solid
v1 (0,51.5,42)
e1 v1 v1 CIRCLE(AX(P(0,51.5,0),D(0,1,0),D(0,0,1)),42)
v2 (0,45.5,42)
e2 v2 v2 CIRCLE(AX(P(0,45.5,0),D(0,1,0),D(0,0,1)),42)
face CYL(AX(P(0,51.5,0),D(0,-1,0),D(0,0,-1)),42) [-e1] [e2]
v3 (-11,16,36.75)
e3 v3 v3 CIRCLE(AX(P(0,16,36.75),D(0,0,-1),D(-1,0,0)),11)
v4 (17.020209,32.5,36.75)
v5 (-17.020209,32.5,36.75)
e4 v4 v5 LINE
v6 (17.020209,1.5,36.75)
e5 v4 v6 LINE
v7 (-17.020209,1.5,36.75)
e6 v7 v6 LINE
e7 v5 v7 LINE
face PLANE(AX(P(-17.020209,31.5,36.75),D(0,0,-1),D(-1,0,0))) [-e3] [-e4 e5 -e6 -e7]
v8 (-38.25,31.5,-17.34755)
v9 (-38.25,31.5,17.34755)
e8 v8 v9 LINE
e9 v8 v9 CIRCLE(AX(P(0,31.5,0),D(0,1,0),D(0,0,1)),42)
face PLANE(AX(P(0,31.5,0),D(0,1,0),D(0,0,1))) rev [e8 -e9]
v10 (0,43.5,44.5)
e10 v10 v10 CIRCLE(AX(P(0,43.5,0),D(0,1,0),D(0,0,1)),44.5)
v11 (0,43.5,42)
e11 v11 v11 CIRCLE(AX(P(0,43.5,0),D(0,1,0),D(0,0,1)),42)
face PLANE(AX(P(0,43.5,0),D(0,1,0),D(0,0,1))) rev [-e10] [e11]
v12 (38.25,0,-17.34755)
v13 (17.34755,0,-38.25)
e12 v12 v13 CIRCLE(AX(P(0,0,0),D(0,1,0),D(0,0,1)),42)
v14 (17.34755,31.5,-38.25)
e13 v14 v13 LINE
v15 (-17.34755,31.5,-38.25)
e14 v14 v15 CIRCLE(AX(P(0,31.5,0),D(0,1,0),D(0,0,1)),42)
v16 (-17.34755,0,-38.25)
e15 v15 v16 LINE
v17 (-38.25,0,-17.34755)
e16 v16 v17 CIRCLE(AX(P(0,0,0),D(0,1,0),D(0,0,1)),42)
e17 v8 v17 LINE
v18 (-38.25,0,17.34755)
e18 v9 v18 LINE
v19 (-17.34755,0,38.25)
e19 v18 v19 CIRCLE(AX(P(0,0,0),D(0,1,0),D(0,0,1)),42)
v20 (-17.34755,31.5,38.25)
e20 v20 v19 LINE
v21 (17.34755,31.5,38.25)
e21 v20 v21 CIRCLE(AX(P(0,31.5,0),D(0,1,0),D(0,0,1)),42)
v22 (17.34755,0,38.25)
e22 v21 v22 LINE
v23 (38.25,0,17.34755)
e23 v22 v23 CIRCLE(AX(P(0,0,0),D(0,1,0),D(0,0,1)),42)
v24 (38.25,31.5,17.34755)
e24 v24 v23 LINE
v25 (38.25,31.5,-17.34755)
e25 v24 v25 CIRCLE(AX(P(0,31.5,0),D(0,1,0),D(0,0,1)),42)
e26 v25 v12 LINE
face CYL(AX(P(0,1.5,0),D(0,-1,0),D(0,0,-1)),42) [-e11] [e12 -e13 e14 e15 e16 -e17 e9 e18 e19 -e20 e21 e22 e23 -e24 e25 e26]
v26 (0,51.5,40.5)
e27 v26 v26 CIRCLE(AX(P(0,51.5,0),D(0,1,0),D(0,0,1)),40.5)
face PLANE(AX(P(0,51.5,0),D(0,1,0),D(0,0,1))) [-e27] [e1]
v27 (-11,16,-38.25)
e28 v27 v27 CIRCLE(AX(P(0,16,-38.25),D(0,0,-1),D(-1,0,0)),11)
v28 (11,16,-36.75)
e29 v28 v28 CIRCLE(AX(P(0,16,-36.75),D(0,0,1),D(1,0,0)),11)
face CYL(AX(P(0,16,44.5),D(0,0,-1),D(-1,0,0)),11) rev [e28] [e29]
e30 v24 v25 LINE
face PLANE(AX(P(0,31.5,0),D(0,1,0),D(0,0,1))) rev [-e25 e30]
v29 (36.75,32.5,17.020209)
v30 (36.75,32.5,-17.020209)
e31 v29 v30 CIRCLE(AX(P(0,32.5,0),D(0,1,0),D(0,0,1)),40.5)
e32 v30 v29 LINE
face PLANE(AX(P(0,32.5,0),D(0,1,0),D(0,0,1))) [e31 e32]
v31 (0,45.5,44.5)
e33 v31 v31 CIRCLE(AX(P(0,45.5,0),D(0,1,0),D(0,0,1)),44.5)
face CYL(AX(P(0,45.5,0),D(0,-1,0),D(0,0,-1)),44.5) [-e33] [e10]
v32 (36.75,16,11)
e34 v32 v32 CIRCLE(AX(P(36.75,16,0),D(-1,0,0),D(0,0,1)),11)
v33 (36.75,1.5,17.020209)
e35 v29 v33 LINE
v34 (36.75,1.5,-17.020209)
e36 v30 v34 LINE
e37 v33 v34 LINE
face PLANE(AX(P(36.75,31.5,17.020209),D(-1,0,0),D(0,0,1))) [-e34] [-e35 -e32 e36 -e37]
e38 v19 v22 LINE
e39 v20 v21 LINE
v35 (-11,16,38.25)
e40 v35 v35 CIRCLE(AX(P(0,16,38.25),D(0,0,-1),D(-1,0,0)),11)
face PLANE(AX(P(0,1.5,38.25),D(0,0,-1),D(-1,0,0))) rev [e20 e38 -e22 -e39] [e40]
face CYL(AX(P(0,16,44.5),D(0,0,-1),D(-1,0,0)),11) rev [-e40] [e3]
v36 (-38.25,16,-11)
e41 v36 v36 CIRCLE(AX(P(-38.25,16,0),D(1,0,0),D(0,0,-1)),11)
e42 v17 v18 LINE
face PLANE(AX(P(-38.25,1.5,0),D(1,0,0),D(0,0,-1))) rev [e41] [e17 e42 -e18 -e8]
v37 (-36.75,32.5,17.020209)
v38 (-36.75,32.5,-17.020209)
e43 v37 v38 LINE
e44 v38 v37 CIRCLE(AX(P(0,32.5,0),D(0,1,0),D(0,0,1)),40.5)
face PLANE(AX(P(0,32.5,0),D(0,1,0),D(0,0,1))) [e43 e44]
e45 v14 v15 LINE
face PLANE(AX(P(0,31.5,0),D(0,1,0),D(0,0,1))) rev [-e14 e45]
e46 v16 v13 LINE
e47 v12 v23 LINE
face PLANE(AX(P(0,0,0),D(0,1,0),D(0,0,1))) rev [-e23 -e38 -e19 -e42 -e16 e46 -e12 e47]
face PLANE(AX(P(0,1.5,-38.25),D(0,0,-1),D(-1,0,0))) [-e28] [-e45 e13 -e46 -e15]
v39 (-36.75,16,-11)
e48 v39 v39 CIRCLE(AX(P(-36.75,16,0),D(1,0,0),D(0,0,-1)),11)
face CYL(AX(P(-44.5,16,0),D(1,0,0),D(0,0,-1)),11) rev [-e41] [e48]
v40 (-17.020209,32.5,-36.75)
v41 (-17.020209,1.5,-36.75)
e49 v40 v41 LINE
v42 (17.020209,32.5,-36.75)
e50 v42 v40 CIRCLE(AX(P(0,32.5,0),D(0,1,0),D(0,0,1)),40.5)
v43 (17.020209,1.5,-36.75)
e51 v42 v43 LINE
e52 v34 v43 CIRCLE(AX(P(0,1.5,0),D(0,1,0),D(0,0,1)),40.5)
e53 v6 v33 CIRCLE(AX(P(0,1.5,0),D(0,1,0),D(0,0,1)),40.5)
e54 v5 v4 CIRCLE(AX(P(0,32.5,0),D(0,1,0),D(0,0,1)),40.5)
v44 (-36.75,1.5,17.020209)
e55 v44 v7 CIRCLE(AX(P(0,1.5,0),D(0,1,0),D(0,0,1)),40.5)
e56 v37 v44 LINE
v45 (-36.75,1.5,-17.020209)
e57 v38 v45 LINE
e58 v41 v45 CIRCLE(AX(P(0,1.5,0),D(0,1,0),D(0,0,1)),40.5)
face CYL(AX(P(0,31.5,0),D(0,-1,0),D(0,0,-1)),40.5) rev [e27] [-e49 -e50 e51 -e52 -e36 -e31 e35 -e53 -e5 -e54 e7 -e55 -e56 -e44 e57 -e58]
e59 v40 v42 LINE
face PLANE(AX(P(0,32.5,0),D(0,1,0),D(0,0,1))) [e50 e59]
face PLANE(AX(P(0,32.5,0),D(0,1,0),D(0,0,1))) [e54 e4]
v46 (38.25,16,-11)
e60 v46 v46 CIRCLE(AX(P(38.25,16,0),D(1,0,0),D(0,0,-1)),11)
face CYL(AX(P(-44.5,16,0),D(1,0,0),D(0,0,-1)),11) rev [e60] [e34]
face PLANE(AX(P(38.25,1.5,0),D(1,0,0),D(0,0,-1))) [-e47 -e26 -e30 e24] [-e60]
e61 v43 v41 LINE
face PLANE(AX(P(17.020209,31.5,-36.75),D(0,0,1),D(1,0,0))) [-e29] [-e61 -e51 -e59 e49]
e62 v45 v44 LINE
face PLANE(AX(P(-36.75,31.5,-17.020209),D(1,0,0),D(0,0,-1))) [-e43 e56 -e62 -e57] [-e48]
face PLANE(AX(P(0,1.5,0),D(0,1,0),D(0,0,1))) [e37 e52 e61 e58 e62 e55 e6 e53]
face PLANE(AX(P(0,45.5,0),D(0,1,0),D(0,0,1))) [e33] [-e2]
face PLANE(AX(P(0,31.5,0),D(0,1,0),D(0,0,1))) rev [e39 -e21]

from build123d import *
from build123d.topology import SkipClean

# Parameters (mm, degrees)
EXTRUDE_1_DEPTH          = 1.5
EXTRUDE_2_DEPTH          = 30
EXTRUDE_3_DEPTH          = 1
SKETCH_4_R               = 42
SKETCH_4_R_2             = 40.5
EXTRUDE_4_DEPTH          = 11
SKETCH_5_R               = 44.50000000000001
SKETCH_5_R_2             = 40.5
EXTRUDE_5_DEPTH          = 2
SKETCH_6_R               = 42
SKETCH_6_R_2             = 40.5
EXTRUDE_6_DEPTH          = 6
SKETCH_7_R               = 11
CUT_EXTRUDE_1_DEPTH      = 108.14505354891564
PATTERN_CIRCULAR_1_COUNT = 2
PATTERN_CIRCULAR_1_ANGLE = 90.0000000000002


with BuildPart() as part:
    # Эскиз1 → Бобышка-Вытянуть1 (new body)
    with BuildSketch(Plane(origin=(0, 0, 0), x_dir=(1, 0, 0), z_dir=(0, 1, 0))):
        with BuildLine():
            Line((17.347550259331598, 38.25), (-17.347550259330436, 38.25))
            ThreePointArc((-17.347550259330443, 38.25000000000006), (-29.698484809834387, 29.698484809835605), (-38.24999999999934, 17.34755025933202))
            Line((-38.25, 17.34755025933216), (-38.25, -17.34755025933218))
            ThreePointArc((-38.249999999999325, -17.347550259332046), (-29.698484809834383, -29.698484809835612), (-17.34755025933046, -38.25000000000004))
            Line((-17.347550259330426, -38.25), (17.34755025933157, -38.25))
            ThreePointArc((17.347550259331467, -38.249999999999595), (29.69848480983491, -29.698484809835083), (38.24999999999949, -17.347550259331687))
            Line((38.25, -17.34755025933179), (38.25, 17.347550259331754))
            ThreePointArc((38.2499999999995, 17.347550259331655), (29.69848480983494, 29.69848480983505), (17.347550259331513, 38.249999999999574))
        make_face()
    extrude(amount=EXTRUDE_1_DEPTH)

    # Эскиз2 → Бобышка-Вытянуть2 (add)
    with BuildSketch(Plane(origin=(0, 1.5, 0), x_dir=(1, 0, 0), z_dir=(0, 1, 0))):
        with BuildLine():
            Line((-17.34755025933057, -38.25), (17.34755025933057, -38.25))
            ThreePointArc((17.34755025933057, -38.25), (29.698484809834998, -29.698484809834994), (38.25, -17.347550259330568))
            Line((38.25, -17.347550259330568), (38.25, 17.34755025933057))
            ThreePointArc((38.25, 17.34755025933057), (29.698484809834998, 29.698484809834994), (17.347550259330568, 38.25))
            Line((17.347550259330568, 38.25), (-17.34755025933057, 38.25))
            ThreePointArc((-17.34755025933057, 38.25), (-29.698484809834994, 29.698484809834998), (-38.25, 17.347550259330582))
            Line((-38.25, 17.347550259330582), (-38.25, -17.34755025933057))
            ThreePointArc((-38.25, -17.34755025933057), (-29.698484809834994, -29.698484809834998), (-17.34755025933057, -38.25))
        make_face()
        with BuildLine():
            Line((-17.020208576865333, -36.75), (17.020208576865333, -36.75))
            ThreePointArc((17.020208576865333, -36.75), (28.637824638055175, -28.63782463805517), (36.75, -17.020208576865333))
            Line((36.75, -17.020208576865333), (36.75, 17.020208576865333))
            ThreePointArc((36.75, 17.020208576865333), (28.637824638055175, 28.63782463805517), (17.020208576865333, 36.75))
            Line((17.020208576865333, 36.75), (-17.020208576865333, 36.75))
            ThreePointArc((-17.020208576865333, 36.75), (-28.63782463805517, 28.637824638055175), (-36.75, 17.020208576865333))
            Line((-36.75, 17.020208576865333), (-36.75, -17.020208576865333))
            ThreePointArc((-36.75, -17.020208576865333), (-28.63782463805517, -28.637824638055175), (-17.020208576865333, -36.75))
        make_face(mode=Mode.SUBTRACT)
    extrude(amount=EXTRUDE_2_DEPTH)

    # Эскиз3 → Бобышка-Вытянуть3 (add)
    with BuildSketch(Plane(origin=(0, 31.5, 0), x_dir=(1, 0, 0), z_dir=(0, 1, 0))):
        with BuildLine():
            Line((-38.25, -13.31117951197428), (-38.249999999999986, 13.311179511974292))
            ThreePointArc((-38.24999999999994, 13.311179511974292), (-40.5, 4.96e-15), (-38.24999999999996, -13.311179511974263))
        make_face()
        with BuildLine():
            ThreePointArc((-36.74999999999999, 17.02020857686534), (-37.545828318883174, 15.184227864759881), (-38.24999999999994, 13.311179511974292))
            Line((-38.249999999999986, 13.311179511974292), (-38.25, -13.31117951197428))
            ThreePointArc((-38.24999999999996, -13.311179511974263), (-37.54582831888318, -15.184227864759869), (-36.75, -17.02020857686533))
            Line((-36.75, -17.020208576865333), (-36.75, 17.02020857686534))
        make_face()
        with BuildLine():
            ThreePointArc((38.25, -17.347550259330568), (41.05179655021202, -8.874119674649448), (42, -1.029e-14))
            ThreePointArc((42, 0), (41.051796550212025, 8.874119674649428), (38.24999999999999, 17.347550259330575))
            Line((38.25, 17.347550259330568), (38.25, 13.311179511973094))
            ThreePointArc((38.25000000000035, 13.311179511973151), (39.933538535922494, 6.749999999999486), (40.5, 0))
            ThreePointArc((40.5, -9.92e-15), (39.933538535922494, -6.749999999999494), (38.25000000000033, -13.311179511973192))
            Line((38.25, -13.311179511973124), (38.25, -17.347550259330568))
        make_face()
        with BuildLine():
            ThreePointArc((40.5, 0), (39.933538535922494, 6.749999999999486), (38.25000000000035, 13.311179511973151))
            Line((38.25, 13.311179511973094), (38.25, -13.311179511973124))
            ThreePointArc((38.25000000000033, -13.311179511973192), (39.933538535922494, -6.749999999999494), (40.5, -9.92e-15))
        make_face()
        with BuildLine():
            Line((38.25, -13.311179511973124), (38.25, 13.311179511973094))
            ThreePointArc((38.25000000000035, 13.311179511973151), (37.5458283188834, 15.184227864759325), (36.75, 17.020208576865333))
            Line((36.75, 17.020208576865333), (36.75, -17.020208576865333))
            ThreePointArc((36.74999999999999, -17.020208576865343), (37.54582831888339, -15.18422786475935), (38.25000000000033, -13.311179511973192))
        make_face()
        with BuildLine():
            ThreePointArc((17.02020857686533, 36.75), (15.18422786475986, 37.54582831888318), (13.311179511974236, 38.249999999999964))
            Line((13.311179511974245, 38.25000000000001), (-13.311179511974242, 38.25))
            ThreePointArc((-13.311179511974233, 38.249999999999964), (-15.184227864759857, 37.54582831888318), (-17.020208576865333, 36.75))
            Line((-17.020208576865333, 36.75), (17.020208576865326, 36.75000000000001))
        make_face()
        with BuildLine():
            Line((-13.311179511974242, 38.25), (13.311179511974245, 38.25000000000001))
            ThreePointArc((13.311179511974236, 38.249999999999964), (2.48e-15, 40.5), (-13.311179511974233, 38.249999999999964))
        make_face()
        with BuildLine():
            Line((13.311179511974245, 38.25000000000001), (17.347550259330564, 38.25000000000001))
            ThreePointArc((17.34755025933056, 38.25000000000001), (-6.75e-15, 42), (-17.34755025933057, 38.25))
            Line((-17.34755025933057, 38.25), (-13.311179511974242, 38.25))
            ThreePointArc((-13.311179511974233, 38.249999999999964), (2.48e-15, 40.5), (13.311179511974236, 38.249999999999964))
        make_face()
        with BuildLine():
            ThreePointArc((-17.347550259330596, -38.249999999999986), (-7.72e-15, -42), (17.347550259330582, -38.24999999999999))
            Line((17.34755025933057, -38.25), (13.311179511974295, -38.25))
            ThreePointArc((13.311179511974295, -38.24999999999994), (2.853e-14, -40.5), (-13.311179511974242, -38.249999999999964))
            Line((-13.311179511974242, -38.25), (-17.34755025933057, -38.25))
        make_face()
        with BuildLine():
            ThreePointArc((-13.311179511974242, -38.249999999999964), (2.853e-14, -40.5), (13.311179511974295, -38.24999999999994))
            Line((13.311179511974295, -38.25), (-13.311179511974242, -38.25))
        make_face()
        with BuildLine():
            Line((-13.311179511974242, -38.25), (13.311179511974295, -38.25))
            ThreePointArc((13.311179511974295, -38.24999999999994), (15.184227864759867, -37.54582831888318), (17.02020857686533, -36.75))
            Line((17.020208576865333, -36.75), (-17.020208576865333, -36.75))
            ThreePointArc((-17.020208576865343, -36.74999999999999), (-15.18422786475985, -37.54582831888319), (-13.311179511974242, -38.249999999999964))
        make_face()
        with BuildLine():
            ThreePointArc((-38.25, -17.347550259330568), (-29.698484809835, -29.698484809834994), (-17.347550259330596, -38.249999999999986))
            Line((-17.34755025933057, -38.25), (-13.311179511974242, -38.25))
            ThreePointArc((-13.311179511974242, -38.249999999999964), (-15.18422786475985, -37.54582831888319), (-17.020208576865343, -36.74999999999999))
            ThreePointArc((-17.020208576865343, -36.74999999999999), (-28.637824638055182, -28.63782463805517), (-36.75, -17.02020857686533))
            ThreePointArc((-36.75, -17.02020857686533), (-37.54582831888318, -15.184227864759869), (-38.24999999999996, -13.311179511974263))
            Line((-38.25, -13.31117951197428), (-38.25, -17.34755025933057))
        make_face()
        with BuildLine():
            ThreePointArc((17.347550259330582, -38.24999999999999), (29.698484809835016, -29.698484809834973), (38.25, -17.347550259330568))
            Line((38.25, -17.347550259330568), (38.25, -13.311179511973124))
            ThreePointArc((38.25000000000033, -13.311179511973192), (37.54582831888339, -15.18422786475935), (36.74999999999999, -17.020208576865343))
            ThreePointArc((36.74999999999999, -17.020208576865343), (28.637824638055168, -28.637824638055182), (17.02020857686533, -36.75))
            ThreePointArc((17.02020857686533, -36.75), (15.184227864759867, -37.54582831888318), (13.311179511974295, -38.24999999999994))
            Line((13.311179511974295, -38.25), (17.34755025933057, -38.25))
        make_face()
        with BuildLine():
            Line((38.25, 13.311179511973094), (38.25, 17.347550259330568))
            ThreePointArc((38.24999999999999, 17.347550259330575), (29.698484809834987, 29.698484809835), (17.34755025933056, 38.25000000000001))
            Line((17.347550259330564, 38.25000000000001), (13.311179511974245, 38.25000000000001))
            ThreePointArc((13.311179511974236, 38.249999999999964), (15.18422786475986, 37.54582831888318), (17.02020857686533, 36.75))
            ThreePointArc((17.02020857686533, 36.75), (28.637824638055175, 28.63782463805517), (36.75, 17.020208576865333))
            ThreePointArc((36.75, 17.020208576865333), (37.5458283188834, 15.184227864759325), (38.25000000000035, 13.311179511973151))
        make_face()
        with BuildLine():
            Line((-13.311179511974242, 38.25), (-17.34755025933057, 38.25))
            ThreePointArc((-17.34755025933057, 38.25), (-29.69848480983498, 29.698484809835012), (-38.24999999999998, 17.347550259330614))
            Line((-38.249999999999986, 17.3475502593306), (-38.249999999999986, 13.311179511974292))
            ThreePointArc((-38.24999999999994, 13.311179511974292), (-37.545828318883174, 15.184227864759881), (-36.74999999999999, 17.02020857686534))
            ThreePointArc((-36.74999999999999, 17.02020857686534), (-28.63782463805517, 28.637824638055175), (-17.020208576865333, 36.75))
            ThreePointArc((-17.020208576865333, 36.75), (-15.184227864759857, 37.54582831888318), (-13.311179511974233, 38.249999999999964))
        make_face()
        with BuildLine():
            Line((-38.249999999999986, 13.311179511974292), (-38.249999999999986, 17.3475502593306))
            ThreePointArc((-38.24999999999998, 17.347550259330614), (-42, 2.38e-14), (-38.25, -17.347550259330568))
            Line((-38.25, -17.34755025933057), (-38.25, -13.31117951197428))
            ThreePointArc((-38.24999999999996, -13.311179511974263), (-40.5, 4.96e-15), (-38.24999999999994, 13.311179511974292))
        make_face()
    extrude(amount=EXTRUDE_3_DEPTH)

    # Эскиз4 → Бобышка-Вытянуть4 (add)
    with SkipClean():  # the faces are left unmerged after this step: merging them gives an invalid solid
        with BuildSketch(Plane(origin=(0, 32.5, 0), x_dir=(1, 0, 0), z_dir=(0, 1, 0))):
            with Locations(Location((0, 0, 0), (0, 0, 65.604247888))):
                Circle(SKETCH_4_R)
            with Locations(Location((0, 0, 0), (0, 0, 65.14949766))):
                Circle(SKETCH_4_R_2, mode=Mode.SUBTRACT)
        extrude(amount=EXTRUDE_4_DEPTH)

    # Эскиз5 → Бобышка-Вытянуть5 (add)
    with BuildSketch(Plane(origin=(0, 43.5, 0), x_dir=(1, 0, 0), z_dir=(0, 1, 0))):
        with Locations(Location((0, 0, 0), (0, 0, 270))):
            Circle(SKETCH_5_R)
        with Locations(Location((0, 0, 0), (0, 0, 65.14949766))):
            Circle(SKETCH_5_R_2, mode=Mode.SUBTRACT)
    extrude(amount=EXTRUDE_5_DEPTH)

    # Эскиз6 → Бобышка-Вытянуть6 (add)
    with BuildSketch(Plane(origin=(0, 45.5, 0), x_dir=(1, 0, 0), z_dir=(0, 1, 0))):
        with Locations(Location((0, 0, 0), (0, 0, 65.604247888))):
            Circle(SKETCH_6_R)
        with Locations(Location((0, 0, 0), (0, 0, 65.14949766))):
            Circle(SKETCH_6_R_2, mode=Mode.SUBTRACT)
    extrude(amount=EXTRUDE_6_DEPTH)

    # Эскиз7 → Вырез-Вытянуть1 (cut, through all)
    with BuildSketch(Plane(origin=(38.25, 0, 0), x_dir=(0, 0, -1), z_dir=(1, 0, 0))):
        with Locations((0, 16)):
            Circle(SKETCH_7_R)
    cut_extrude_1 = extrude(amount=-CUT_EXTRUDE_1_DEPTH, mode=Mode.SUBTRACT)

    # Круговой массив1: Вырез-Вытянуть1 ×2 about axis
    pattern_circular_1_axis = Axis((0, 0, 0), (0, -1, 0))
    for i in range(1, PATTERN_CIRCULAR_1_COUNT):
        add(cut_extrude_1.rotate(pattern_circular_1_axis, i * PATTERN_CIRCULAR_1_ANGLE / (PATTERN_CIRCULAR_1_COUNT - 1)), mode=Mode.SUBTRACT)


solid = part.part
